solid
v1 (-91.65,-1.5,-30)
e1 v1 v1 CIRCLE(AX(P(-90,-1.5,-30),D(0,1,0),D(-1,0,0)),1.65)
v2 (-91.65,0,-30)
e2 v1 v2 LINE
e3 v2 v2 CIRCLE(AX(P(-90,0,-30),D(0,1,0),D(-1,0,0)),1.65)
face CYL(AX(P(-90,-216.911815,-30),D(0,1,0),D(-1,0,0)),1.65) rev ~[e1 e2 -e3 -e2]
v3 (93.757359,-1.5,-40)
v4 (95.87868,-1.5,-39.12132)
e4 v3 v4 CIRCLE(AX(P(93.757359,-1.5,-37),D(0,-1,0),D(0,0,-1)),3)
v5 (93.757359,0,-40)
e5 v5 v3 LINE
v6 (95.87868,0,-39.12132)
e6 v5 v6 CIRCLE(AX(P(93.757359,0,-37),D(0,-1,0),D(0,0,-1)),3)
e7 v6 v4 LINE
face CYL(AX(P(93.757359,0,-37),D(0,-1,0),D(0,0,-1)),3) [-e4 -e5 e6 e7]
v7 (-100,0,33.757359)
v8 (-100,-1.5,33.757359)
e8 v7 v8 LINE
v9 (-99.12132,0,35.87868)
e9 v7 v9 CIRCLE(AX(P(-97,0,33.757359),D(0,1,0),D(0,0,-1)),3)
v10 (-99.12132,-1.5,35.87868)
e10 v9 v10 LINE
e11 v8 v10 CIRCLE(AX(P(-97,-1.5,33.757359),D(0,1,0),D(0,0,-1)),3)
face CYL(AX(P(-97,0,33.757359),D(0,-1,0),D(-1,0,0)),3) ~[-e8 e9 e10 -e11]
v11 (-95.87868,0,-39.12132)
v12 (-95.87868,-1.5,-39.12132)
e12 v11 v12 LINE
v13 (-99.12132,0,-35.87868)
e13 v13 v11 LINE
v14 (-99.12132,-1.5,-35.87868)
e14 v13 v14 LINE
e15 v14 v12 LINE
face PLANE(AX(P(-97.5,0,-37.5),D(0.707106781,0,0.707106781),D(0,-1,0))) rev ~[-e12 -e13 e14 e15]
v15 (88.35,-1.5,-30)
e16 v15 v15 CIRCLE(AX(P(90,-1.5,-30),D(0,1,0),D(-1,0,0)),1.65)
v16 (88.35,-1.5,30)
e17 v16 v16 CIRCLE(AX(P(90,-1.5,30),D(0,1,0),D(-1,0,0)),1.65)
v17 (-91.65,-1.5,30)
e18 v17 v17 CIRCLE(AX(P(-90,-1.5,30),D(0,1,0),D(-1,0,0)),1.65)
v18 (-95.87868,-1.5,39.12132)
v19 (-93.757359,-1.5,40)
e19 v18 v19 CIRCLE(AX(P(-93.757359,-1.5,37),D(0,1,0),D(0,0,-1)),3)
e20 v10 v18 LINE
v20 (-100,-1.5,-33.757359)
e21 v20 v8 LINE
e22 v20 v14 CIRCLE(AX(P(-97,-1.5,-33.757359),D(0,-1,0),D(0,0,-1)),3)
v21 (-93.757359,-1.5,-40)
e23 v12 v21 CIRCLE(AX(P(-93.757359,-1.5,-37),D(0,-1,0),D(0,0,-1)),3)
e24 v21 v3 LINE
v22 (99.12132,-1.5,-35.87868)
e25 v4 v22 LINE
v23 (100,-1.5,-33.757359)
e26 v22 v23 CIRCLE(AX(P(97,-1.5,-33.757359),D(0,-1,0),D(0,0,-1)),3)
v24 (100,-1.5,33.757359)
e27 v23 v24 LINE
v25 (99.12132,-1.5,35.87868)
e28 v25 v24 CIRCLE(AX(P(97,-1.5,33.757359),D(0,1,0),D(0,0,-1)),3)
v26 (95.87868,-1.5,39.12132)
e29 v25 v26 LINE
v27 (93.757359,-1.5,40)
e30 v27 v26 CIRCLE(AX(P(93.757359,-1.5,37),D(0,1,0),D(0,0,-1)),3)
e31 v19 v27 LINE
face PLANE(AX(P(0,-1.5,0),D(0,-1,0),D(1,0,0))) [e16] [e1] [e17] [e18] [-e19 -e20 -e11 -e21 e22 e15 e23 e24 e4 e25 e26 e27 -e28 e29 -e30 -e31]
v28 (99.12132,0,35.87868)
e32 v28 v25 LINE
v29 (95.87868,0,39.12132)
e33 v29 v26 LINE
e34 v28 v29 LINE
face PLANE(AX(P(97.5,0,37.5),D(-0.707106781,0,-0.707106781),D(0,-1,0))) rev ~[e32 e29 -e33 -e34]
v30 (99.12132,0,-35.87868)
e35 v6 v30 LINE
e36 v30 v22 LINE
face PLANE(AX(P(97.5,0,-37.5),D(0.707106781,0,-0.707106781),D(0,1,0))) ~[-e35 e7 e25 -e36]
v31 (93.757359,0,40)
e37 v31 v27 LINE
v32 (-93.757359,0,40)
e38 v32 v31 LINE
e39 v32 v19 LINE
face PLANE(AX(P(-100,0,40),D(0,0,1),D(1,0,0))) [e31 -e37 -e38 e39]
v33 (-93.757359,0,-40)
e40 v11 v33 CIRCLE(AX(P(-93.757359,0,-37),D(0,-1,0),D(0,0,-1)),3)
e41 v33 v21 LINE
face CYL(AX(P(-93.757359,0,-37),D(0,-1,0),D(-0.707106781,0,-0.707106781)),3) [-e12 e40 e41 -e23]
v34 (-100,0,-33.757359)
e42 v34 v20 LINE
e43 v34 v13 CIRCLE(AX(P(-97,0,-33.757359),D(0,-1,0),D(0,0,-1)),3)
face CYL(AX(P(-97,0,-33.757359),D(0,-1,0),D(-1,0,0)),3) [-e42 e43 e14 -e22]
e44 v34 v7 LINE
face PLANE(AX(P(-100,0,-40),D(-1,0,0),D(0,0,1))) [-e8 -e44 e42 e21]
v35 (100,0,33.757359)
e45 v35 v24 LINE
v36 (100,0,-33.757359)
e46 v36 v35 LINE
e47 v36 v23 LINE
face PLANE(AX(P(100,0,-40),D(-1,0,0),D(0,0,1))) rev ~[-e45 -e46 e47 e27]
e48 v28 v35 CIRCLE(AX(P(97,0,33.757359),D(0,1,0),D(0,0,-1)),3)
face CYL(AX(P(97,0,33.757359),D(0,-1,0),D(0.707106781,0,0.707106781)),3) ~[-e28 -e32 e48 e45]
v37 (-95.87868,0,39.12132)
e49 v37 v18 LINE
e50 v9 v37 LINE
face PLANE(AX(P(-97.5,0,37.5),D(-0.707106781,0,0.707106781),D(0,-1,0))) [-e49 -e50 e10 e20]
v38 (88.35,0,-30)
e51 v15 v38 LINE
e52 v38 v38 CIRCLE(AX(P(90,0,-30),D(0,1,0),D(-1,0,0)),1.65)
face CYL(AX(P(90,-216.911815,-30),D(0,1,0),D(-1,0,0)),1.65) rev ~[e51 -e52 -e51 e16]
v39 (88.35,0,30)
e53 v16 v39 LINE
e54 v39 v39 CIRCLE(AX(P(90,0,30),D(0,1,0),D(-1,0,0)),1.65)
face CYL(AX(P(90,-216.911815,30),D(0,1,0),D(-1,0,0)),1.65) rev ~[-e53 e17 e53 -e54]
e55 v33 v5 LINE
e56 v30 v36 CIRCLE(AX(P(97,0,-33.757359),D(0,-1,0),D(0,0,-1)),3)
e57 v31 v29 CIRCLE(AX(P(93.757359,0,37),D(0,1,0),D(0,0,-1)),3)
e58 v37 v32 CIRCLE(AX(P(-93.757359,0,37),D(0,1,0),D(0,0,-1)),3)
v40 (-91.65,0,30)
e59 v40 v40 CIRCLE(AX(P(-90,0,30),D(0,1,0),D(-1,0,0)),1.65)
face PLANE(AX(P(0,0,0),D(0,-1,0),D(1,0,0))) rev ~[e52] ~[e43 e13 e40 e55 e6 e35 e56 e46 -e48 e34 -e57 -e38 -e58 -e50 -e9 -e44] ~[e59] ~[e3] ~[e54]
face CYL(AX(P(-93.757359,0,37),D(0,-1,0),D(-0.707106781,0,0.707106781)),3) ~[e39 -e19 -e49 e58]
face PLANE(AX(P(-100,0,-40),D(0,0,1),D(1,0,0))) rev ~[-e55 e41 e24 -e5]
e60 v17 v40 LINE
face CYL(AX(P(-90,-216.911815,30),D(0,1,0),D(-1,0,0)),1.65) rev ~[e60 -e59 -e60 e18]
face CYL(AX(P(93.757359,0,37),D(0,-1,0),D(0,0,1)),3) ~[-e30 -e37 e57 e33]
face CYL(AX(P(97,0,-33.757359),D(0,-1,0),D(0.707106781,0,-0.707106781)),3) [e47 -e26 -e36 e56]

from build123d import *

# Parameters (mm, degrees)
F0_W     = 200
F0_H     = 80
F1_DEPTH = 1.5
F2_SIZE  = 5
F4_D     = 3.3
F5_R     = 3


with BuildPart() as f1:
    # F0 (on Front) → F1 (new body)
    with BuildSketch(Plane.XZ):
        Rectangle(F0_W, F0_H)
    extrude(amount=F1_DEPTH)

    # F2
    f2_edges = [f1.edges().sort_by_distance(p)[0] for p in [
        (100, -0.75, 40),
        (-100, -0.75, 40),
        (-100, -0.75, -40),
        (100, -0.75, -40),
    ]]
    chamfer(f2_edges, length=F2_SIZE)

    # F4 (through all)
    with Locations(Plane.XZ.offset(1.5)):
        with Locations((-90, 30), (-90, -30), (90, -30), (90, 30)):
            Hole(F4_D / 2)

    # F5
    f5_edges = [f1.edges().sort_by_distance(p)[0] for p in [
        (95, -0.75, 40),
        (100, -0.75, 35),
        (100, -0.75, -35),
        (95, -0.75, -40),
        (-95, -0.75, -40),
        (-100, -0.75, -35),
        (-100, -0.75, 35),
        (-95, -0.75, 40),
    ]]
    fillet(f5_edges, radius=F5_R)


solid = f1.part
